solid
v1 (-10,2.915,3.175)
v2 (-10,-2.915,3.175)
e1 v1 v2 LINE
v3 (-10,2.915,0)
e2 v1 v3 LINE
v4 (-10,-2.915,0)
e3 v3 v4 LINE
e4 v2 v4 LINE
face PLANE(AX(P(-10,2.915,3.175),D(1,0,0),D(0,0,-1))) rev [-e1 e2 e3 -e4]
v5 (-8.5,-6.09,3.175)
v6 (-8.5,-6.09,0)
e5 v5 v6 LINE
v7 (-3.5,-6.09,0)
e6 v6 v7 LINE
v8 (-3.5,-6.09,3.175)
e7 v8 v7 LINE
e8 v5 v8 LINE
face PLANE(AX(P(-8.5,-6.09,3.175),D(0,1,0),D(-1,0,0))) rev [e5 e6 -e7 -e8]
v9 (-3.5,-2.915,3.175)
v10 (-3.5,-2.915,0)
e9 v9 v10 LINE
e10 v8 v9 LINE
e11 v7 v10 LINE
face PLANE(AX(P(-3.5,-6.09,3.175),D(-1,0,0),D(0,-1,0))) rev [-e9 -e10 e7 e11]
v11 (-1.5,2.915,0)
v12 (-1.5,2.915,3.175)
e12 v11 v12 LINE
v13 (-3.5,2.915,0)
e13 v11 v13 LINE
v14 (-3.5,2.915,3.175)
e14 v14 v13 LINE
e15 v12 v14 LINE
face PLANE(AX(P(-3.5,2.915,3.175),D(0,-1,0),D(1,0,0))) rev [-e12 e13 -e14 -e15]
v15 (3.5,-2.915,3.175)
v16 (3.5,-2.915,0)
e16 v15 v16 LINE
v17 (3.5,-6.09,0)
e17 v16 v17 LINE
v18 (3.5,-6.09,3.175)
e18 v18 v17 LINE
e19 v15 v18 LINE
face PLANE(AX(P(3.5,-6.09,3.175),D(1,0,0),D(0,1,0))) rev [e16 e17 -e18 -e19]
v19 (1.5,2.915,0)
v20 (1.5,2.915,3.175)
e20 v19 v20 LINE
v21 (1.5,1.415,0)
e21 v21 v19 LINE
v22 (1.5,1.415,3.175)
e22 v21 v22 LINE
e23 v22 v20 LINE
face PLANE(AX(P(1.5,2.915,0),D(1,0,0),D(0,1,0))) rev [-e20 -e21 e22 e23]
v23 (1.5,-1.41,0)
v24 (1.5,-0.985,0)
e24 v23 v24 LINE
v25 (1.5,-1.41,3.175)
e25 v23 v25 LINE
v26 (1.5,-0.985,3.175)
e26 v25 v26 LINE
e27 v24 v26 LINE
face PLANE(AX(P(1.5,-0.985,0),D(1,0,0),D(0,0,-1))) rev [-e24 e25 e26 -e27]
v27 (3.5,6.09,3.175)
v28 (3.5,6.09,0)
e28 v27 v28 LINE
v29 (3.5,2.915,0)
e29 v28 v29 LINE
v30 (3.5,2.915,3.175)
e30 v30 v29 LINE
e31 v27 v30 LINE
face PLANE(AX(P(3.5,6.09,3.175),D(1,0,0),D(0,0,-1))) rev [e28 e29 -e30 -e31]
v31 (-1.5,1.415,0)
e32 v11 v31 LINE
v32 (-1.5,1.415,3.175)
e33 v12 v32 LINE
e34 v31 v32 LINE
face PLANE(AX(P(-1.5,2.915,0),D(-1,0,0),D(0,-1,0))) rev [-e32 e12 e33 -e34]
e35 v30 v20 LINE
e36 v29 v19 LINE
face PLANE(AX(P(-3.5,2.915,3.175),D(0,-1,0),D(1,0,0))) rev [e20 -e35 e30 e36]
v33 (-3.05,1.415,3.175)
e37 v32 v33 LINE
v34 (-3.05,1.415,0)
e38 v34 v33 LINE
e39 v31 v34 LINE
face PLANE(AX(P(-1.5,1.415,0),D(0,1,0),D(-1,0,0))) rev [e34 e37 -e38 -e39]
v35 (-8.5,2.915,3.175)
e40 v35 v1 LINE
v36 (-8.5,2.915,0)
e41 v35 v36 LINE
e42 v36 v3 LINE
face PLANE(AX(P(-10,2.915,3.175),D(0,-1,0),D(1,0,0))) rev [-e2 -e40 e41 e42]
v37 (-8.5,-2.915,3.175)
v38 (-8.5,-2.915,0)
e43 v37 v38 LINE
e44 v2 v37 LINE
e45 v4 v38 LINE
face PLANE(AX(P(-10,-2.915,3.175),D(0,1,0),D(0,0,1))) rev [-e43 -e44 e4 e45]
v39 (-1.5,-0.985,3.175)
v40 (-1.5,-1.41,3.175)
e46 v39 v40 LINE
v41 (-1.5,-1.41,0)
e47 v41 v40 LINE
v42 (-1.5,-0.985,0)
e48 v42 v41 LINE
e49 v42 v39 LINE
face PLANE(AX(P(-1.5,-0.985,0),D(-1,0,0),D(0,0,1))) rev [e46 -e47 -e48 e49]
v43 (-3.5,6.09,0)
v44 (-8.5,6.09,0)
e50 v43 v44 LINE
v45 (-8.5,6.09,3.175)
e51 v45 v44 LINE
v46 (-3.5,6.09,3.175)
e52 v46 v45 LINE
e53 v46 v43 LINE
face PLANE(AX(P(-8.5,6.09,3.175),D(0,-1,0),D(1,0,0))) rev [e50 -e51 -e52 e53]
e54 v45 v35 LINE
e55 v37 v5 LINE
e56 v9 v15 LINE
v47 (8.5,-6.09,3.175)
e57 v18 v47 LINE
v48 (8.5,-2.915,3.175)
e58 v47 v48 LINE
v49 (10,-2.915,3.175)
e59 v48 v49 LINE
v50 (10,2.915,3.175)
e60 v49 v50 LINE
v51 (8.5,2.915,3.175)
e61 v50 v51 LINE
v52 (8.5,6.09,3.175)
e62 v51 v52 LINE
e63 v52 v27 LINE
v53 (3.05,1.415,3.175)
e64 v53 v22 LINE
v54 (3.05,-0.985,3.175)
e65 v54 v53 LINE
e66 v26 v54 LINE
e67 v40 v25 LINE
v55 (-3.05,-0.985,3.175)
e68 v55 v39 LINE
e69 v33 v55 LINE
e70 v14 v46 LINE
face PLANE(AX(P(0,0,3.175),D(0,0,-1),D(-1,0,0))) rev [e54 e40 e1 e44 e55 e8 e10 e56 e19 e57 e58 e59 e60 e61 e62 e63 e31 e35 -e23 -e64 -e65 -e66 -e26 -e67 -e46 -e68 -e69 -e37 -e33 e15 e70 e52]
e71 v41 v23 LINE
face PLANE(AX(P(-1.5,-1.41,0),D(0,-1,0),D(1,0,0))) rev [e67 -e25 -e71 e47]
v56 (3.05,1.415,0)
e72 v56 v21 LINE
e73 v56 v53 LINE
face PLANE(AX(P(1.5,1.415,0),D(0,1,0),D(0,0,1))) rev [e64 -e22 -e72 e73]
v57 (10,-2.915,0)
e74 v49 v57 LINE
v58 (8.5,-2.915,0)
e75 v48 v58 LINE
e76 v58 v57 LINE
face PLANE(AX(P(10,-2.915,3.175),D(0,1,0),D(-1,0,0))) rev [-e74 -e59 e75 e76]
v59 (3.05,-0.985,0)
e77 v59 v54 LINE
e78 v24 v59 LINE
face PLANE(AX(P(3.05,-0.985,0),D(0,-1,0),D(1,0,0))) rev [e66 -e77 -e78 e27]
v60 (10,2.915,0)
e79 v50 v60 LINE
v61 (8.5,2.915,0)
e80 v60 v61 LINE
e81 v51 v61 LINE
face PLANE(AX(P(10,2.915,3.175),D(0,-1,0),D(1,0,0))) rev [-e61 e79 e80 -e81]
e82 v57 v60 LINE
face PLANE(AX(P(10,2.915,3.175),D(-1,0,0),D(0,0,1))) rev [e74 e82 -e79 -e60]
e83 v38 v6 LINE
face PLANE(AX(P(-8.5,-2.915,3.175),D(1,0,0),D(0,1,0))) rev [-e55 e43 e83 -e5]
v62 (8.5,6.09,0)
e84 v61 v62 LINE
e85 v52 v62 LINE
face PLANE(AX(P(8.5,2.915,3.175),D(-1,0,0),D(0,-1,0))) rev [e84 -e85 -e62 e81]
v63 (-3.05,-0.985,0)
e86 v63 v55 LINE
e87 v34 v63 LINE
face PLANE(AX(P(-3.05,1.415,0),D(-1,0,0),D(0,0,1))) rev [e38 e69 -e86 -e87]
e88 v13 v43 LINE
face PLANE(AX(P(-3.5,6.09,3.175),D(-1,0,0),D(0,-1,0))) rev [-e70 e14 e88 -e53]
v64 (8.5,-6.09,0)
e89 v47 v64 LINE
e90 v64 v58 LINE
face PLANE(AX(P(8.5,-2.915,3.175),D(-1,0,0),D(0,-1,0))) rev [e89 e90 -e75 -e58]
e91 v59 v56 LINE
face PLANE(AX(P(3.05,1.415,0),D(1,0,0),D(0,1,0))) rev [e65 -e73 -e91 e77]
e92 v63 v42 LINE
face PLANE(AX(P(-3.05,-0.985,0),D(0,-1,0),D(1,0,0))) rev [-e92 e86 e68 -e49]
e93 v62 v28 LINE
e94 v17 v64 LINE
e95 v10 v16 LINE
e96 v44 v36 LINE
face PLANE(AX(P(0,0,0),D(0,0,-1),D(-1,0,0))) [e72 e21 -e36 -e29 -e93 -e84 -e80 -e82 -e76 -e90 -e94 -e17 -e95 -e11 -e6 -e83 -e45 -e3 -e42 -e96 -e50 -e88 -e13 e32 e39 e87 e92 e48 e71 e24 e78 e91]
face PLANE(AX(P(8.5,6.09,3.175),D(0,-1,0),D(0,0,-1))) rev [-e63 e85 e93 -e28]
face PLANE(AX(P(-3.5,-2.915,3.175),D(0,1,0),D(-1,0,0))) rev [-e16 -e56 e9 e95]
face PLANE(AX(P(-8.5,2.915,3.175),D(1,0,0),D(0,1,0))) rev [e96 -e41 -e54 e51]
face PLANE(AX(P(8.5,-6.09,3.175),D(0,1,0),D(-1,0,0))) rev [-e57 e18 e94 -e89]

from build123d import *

# Parameters (mm, degrees)
BOSS_EXTRUDE1_DEPTH = 3.175
CUT_EXTRUDE1_DEPTH  = 13.131311759


with BuildPart() as part:
    # Sketch1 → Boss-Extrude1 (new body)
    with BuildSketch(Plane.XY):
        Polygon((-10, 2.915), (-10, -2.915), (-8.5, -2.915), (-8.5, -6.09), (-3.5, -6.09), (-3.5, -2.915), (3.5, -2.915), (3.5, -6.09), (8.5, -6.09), (8.5, -2.915), (10, -2.915), (10, 2.915), (8.5, 2.915), (8.5, 6.09), (3.5, 6.09), (3.5, 2.915), (-3.5, 2.915), (-3.5, 6.09), (-8.5, 6.09), (-8.5, 2.915), align=None)
    extrude(amount=BOSS_EXTRUDE1_DEPTH)

    # Sketch2 → Cut-Extrude1 (cut, through all)
    with BuildSketch(Plane.XY.offset(3.175)):
        Polygon((-1.5, 2.915), (-1.5, 1.415), (-3.05, 1.415), (-3.05, -0.985), (-1.5, -0.985), (-1.5, -1.41), (1.5, -1.41), (1.5, -0.985), (3.05, -0.985), (3.05, 1.415), (1.5, 1.415), (1.5, 2.915), align=None)
    extrude(amount=-CUT_EXTRUDE1_DEPTH, mode=Mode.SUBTRACT)


solid = part.part
